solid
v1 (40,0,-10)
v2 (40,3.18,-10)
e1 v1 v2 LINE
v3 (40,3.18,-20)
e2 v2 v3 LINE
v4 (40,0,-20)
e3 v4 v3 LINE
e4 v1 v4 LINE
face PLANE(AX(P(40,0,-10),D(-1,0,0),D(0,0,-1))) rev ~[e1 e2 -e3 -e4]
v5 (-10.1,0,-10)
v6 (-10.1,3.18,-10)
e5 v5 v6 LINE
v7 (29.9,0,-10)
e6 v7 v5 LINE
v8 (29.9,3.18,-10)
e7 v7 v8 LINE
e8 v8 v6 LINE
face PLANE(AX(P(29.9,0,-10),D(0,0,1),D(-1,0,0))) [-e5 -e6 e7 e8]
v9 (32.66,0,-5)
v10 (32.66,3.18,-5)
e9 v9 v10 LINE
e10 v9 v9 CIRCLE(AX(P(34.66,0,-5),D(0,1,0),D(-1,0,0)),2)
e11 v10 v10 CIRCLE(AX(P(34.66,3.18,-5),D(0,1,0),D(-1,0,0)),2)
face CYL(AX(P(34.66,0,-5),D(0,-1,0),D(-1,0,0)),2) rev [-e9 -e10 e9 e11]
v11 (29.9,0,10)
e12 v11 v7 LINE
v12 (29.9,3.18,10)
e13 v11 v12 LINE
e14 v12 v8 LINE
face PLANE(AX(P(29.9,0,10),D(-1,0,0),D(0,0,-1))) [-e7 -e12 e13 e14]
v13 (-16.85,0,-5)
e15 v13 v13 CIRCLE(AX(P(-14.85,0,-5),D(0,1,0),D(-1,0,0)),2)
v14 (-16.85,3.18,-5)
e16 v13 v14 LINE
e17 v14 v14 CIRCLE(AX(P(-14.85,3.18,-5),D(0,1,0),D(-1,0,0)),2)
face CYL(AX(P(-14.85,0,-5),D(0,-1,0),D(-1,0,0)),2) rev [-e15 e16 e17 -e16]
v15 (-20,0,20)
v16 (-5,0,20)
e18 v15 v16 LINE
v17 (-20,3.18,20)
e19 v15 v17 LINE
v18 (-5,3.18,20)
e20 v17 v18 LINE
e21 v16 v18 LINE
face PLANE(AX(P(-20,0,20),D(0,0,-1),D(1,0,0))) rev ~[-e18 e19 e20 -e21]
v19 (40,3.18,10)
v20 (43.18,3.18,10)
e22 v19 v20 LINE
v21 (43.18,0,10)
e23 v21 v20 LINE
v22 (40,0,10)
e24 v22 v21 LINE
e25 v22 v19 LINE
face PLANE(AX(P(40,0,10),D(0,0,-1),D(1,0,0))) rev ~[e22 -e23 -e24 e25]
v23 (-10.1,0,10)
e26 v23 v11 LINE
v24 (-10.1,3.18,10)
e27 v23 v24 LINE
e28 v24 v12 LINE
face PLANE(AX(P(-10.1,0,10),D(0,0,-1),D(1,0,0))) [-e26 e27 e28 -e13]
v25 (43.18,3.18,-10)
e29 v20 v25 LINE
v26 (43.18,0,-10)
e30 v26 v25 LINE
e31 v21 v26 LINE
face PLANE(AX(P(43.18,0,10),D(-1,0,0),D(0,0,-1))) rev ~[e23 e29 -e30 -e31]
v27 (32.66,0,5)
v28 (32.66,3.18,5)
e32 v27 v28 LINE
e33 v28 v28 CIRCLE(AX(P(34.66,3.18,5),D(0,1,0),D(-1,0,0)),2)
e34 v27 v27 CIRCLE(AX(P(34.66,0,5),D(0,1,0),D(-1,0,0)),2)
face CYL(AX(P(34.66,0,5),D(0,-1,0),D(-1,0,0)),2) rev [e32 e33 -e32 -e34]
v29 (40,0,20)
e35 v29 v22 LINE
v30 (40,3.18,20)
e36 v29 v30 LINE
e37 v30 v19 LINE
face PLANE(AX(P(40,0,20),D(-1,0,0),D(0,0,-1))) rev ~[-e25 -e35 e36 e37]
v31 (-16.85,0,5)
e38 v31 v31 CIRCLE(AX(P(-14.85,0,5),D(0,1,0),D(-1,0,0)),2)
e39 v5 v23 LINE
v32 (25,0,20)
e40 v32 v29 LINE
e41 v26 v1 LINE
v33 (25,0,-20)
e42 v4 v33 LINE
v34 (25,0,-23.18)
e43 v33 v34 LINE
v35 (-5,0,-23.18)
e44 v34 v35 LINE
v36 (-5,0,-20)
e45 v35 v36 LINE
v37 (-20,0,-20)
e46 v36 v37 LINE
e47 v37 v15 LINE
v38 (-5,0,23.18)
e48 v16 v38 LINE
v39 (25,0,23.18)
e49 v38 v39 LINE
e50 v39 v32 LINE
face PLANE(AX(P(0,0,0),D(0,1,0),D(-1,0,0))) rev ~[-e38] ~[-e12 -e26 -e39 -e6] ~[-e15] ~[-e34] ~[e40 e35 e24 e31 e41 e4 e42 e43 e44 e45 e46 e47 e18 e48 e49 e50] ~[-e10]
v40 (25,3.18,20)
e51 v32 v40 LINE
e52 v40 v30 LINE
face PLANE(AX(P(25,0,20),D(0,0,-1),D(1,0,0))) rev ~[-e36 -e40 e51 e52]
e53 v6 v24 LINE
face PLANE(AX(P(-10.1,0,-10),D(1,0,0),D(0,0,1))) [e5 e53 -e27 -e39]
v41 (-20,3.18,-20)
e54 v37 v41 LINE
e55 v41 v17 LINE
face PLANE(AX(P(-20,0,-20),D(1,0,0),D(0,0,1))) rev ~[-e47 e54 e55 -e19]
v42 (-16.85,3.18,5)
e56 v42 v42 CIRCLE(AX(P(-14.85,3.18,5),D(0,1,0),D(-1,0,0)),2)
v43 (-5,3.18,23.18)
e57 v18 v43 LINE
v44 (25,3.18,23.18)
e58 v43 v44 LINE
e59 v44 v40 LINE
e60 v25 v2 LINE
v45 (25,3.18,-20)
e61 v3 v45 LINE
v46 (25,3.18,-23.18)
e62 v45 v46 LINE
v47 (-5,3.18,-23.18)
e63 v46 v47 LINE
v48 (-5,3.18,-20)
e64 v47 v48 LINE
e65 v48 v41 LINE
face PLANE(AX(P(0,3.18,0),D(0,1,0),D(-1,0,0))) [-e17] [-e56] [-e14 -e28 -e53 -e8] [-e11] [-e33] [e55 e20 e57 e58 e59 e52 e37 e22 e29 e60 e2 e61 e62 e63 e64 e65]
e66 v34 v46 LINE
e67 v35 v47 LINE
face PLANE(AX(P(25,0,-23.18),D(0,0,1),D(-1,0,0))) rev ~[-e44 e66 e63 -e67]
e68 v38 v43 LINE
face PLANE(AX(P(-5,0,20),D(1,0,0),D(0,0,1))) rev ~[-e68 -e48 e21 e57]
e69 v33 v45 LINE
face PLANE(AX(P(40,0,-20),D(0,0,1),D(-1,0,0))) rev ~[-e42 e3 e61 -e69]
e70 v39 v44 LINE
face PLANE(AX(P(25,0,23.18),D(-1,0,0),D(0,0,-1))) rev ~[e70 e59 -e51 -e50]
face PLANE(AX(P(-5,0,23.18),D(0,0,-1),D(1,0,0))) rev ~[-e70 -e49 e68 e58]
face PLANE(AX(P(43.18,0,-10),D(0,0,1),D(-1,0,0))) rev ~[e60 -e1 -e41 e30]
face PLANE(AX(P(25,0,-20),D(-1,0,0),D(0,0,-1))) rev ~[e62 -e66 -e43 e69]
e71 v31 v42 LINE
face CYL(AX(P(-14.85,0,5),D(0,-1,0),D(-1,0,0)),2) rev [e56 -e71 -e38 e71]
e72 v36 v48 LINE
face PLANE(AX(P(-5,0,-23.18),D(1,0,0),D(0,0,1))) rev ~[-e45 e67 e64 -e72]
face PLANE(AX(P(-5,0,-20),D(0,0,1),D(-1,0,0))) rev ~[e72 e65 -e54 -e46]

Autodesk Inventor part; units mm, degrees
ref_plane "YZ Plane" through (0, 0, 0) normal (1, 0, 0) x (0, 1, 0)
ref_plane "XZ Plane" through (0, 0, 0) normal (0, 1, 0) x (-1, 0, 0)
ref_plane "XY Plane" through (0, 0, 0) normal (0, 0, 1) x (1, 0, 0)
sketch "Boceto1" plane through (0, 0, 0) normal (0, 1, 0) x (-1, 0, 0)
  circle A0 centre (0, 0) radius 5
  line L0 (10.1, 10) -> (-29.9, 10)
  line L1 (-29.9, 10) -> (-29.9, -10)
  line L2 (-29.9, -10) -> (10.1, -10)
  line L3 (10.1, -10) -> (10.1, 10)
  circle A1 centre (-34.66, 5) radius 2
  circle A2 centre (14.85, -5) radius 2
  circle A3 centre (14.85, 5) radius 2
  circle A4 centre (-34.66, -5) radius 2
  line L4 (20, 20) -> (-40, 20)
  line L5 (-40, 20) -> (-40, -20)
  line L6 (-40, -20) -> (20, -20)
  line L7 (20, -20) -> (20, 20)
  line L8 (5, 23.18) -> (-25, 23.18)
  line L9 (-25, 23.18) -> (-25, 20)
  line L10 (-25, 20) -> (5, 20)
  line L11 (5, 20) -> (5, 23.18)
  line L12 (5, -20) -> (-25, -20)
  line L13 (-25, -20) -> (-25, -23.18)
  line L14 (-25, -23.18) -> (5, -23.18)
  line L15 (5, -23.18) -> (5, -20)
  line L16 (-40, 10) -> (-43.18, 10)
  line L17 (-43.18, 10) -> (-43.18, -10)
  line L18 (-43.18, -10) -> (-40, -10)
  line L19 (-40, -10) -> (-40, 10)
  dimension "d0" = 10
  dimension "d1" = 10
  dimension "d2" = 20
  dimension "d3" = 10.1
  dimension "d4" = 40
  dimension "d5" = 4
  dimension "d6" = 4
  dimension "d7" = 4
  dimension "d8" = 5
  dimension "d9" = 10
  dimension "d10" = 14.85
  dimension "d11" = 14.85
  dimension "d12" = 4
  dimension "d13" = 34.66
  dimension "d14" = 34.66
  dimension "d15" = 5
  dimension "d16" = 10
  dimension "d25" = 40
  dimension "d26" = 60
  dimension "d27" = 20
  dimension "d28" = 20
  dimension "d29" = 3.18
  dimension "d30" = 30
  dimension "d31" = 15
  dimension "d32" = 20
  dimension "d33" = 10
  dimension "d34" = 3.18
extrude "Extrusión1" add sketch "Boceto1" along normal blind 3.18 contours L7 L6 L5 L4 | L4 L9 L8 L11 | L15 L14 L13 L6 | L5 L18 L17 L16
properties part number "HOMBRO_SOST.SERVO"
